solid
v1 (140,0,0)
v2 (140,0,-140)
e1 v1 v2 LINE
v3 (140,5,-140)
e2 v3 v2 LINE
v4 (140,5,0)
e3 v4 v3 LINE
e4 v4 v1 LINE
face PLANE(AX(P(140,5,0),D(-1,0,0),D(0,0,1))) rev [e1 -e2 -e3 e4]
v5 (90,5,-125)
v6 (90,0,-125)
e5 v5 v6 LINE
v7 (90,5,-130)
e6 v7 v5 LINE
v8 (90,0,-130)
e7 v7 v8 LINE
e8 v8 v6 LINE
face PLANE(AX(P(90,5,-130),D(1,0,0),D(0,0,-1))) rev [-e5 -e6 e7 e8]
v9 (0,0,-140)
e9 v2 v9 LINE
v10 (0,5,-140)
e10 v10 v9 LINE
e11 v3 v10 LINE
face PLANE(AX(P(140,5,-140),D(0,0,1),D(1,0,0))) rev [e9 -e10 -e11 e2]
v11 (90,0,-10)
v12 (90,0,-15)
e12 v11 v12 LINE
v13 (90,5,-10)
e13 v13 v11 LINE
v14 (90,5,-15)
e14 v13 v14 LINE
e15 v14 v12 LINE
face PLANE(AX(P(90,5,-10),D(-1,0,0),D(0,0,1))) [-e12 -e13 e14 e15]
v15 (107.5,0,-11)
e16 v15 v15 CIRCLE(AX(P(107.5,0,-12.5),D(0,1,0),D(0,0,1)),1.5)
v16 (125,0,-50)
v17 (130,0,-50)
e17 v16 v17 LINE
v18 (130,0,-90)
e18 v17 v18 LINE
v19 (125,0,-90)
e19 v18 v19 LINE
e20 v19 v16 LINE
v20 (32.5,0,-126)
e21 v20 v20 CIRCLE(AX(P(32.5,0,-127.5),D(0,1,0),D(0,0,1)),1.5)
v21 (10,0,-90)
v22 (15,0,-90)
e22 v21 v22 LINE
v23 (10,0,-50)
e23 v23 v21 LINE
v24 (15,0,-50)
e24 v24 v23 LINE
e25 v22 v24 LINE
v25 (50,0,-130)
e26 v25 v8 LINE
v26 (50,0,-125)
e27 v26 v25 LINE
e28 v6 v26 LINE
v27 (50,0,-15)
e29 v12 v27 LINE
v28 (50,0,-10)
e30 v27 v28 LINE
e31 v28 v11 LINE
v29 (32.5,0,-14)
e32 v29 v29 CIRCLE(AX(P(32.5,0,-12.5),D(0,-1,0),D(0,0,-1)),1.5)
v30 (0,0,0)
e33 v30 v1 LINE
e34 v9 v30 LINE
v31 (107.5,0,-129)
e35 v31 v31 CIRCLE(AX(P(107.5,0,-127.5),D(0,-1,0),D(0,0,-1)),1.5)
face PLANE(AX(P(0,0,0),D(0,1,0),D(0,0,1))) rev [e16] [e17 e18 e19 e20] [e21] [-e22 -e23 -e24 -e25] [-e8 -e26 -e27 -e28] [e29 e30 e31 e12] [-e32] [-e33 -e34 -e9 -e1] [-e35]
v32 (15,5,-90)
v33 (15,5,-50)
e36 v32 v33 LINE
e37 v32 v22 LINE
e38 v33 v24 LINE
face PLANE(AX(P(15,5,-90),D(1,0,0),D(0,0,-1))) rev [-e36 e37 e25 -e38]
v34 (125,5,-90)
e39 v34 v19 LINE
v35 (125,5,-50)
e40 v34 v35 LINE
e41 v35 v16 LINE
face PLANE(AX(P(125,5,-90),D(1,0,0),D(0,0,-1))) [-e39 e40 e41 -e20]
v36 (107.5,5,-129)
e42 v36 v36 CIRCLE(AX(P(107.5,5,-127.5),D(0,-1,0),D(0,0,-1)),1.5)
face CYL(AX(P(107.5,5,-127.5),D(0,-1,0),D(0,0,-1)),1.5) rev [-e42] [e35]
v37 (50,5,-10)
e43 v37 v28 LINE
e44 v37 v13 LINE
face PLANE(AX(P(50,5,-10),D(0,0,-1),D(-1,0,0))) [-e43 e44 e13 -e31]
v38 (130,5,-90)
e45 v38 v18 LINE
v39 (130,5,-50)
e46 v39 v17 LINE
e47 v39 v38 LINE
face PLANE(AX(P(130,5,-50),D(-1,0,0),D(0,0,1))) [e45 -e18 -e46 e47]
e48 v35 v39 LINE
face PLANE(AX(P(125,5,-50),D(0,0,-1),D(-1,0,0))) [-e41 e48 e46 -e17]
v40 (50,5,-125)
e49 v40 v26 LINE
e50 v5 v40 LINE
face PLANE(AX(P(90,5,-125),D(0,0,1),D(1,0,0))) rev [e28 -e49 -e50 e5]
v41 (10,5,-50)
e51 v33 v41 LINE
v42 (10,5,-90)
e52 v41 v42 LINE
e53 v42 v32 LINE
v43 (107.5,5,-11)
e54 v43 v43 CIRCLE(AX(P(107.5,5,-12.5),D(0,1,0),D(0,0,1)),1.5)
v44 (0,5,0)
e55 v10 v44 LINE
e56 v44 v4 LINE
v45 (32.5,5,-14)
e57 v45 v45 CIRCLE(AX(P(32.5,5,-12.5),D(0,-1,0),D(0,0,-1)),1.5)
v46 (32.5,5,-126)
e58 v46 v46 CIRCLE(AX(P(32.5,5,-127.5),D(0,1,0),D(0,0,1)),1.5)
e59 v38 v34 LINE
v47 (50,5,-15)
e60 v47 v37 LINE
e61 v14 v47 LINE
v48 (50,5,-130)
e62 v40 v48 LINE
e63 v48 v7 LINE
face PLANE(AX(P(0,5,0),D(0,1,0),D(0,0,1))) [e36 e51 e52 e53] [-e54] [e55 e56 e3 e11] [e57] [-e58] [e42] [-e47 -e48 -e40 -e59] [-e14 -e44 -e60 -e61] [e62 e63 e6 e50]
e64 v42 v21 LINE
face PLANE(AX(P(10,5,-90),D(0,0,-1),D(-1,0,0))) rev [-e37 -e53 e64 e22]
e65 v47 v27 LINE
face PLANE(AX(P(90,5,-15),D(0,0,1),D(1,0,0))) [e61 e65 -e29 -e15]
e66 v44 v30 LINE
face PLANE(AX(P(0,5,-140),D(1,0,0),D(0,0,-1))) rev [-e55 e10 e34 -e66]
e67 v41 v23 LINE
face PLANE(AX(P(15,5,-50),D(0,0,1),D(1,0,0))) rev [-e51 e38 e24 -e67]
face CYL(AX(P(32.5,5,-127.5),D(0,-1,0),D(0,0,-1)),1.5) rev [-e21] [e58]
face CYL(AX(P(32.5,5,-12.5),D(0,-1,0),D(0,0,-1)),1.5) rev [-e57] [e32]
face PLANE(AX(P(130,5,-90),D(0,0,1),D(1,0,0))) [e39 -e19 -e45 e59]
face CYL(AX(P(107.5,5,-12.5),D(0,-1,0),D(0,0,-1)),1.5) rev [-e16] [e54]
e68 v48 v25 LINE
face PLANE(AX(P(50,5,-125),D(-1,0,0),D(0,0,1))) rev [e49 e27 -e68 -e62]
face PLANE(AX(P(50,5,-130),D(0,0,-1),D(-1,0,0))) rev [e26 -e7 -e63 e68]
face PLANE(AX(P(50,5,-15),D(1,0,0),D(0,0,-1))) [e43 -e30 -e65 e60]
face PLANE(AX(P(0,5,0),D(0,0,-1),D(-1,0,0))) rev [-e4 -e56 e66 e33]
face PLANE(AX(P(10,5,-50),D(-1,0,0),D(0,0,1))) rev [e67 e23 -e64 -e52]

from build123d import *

# Parameters (mm, degrees)
CROQUIS2_W              = 140
CROQUIS2_H              = 140
CROQUIS2_R              = 1.5
CROQUIS2_W_2            = 40
CROQUIS2_H_2            = 5
CROQUIS2_W_3            = 5
CROQUIS2_H_3            = 40
SALIENTE_EXTRUIR1_DEPTH = 5


with BuildPart() as part:
    # Croquis2 → Saliente-Extruir1 (new body)
    with BuildSketch(Plane(origin=(0, 0, 0), x_dir=(1, 0, 0), z_dir=(0, 1, 0))):
        with Locations((70, 70)):
            Rectangle(CROQUIS2_W, CROQUIS2_H)
        with Locations(Location((32.5, 127.5, 0), (0, 0, 270))):
            Circle(CROQUIS2_R, mode=Mode.SUBTRACT)
        with Locations(Location((107.5, 127.5, 0), (0, 0, 90))):
            Circle(CROQUIS2_R, mode=Mode.SUBTRACT)
        with Locations(Location((107.5, 12.5, 0), (0, 0, 270))):
            Circle(CROQUIS2_R, mode=Mode.SUBTRACT)
        with Locations(Location((32.5, 12.5, 0), (0, 0, 90))):
            Circle(CROQUIS2_R, mode=Mode.SUBTRACT)
        with Locations((70, 127.5)):
            Rectangle(CROQUIS2_W_2, CROQUIS2_H_2, mode=Mode.SUBTRACT)
        with Locations((70, 12.5)):
            Rectangle(CROQUIS2_W_2, CROQUIS2_H_2, mode=Mode.SUBTRACT)
        with Locations((127.5, 70)):
            Rectangle(CROQUIS2_W_3, CROQUIS2_H_3, mode=Mode.SUBTRACT)
        with Locations((12.5, 70)):
            Rectangle(CROQUIS2_W_3, CROQUIS2_H_3, mode=Mode.SUBTRACT)
    extrude(amount=SALIENTE_EXTRUIR1_DEPTH)


solid = part.part
